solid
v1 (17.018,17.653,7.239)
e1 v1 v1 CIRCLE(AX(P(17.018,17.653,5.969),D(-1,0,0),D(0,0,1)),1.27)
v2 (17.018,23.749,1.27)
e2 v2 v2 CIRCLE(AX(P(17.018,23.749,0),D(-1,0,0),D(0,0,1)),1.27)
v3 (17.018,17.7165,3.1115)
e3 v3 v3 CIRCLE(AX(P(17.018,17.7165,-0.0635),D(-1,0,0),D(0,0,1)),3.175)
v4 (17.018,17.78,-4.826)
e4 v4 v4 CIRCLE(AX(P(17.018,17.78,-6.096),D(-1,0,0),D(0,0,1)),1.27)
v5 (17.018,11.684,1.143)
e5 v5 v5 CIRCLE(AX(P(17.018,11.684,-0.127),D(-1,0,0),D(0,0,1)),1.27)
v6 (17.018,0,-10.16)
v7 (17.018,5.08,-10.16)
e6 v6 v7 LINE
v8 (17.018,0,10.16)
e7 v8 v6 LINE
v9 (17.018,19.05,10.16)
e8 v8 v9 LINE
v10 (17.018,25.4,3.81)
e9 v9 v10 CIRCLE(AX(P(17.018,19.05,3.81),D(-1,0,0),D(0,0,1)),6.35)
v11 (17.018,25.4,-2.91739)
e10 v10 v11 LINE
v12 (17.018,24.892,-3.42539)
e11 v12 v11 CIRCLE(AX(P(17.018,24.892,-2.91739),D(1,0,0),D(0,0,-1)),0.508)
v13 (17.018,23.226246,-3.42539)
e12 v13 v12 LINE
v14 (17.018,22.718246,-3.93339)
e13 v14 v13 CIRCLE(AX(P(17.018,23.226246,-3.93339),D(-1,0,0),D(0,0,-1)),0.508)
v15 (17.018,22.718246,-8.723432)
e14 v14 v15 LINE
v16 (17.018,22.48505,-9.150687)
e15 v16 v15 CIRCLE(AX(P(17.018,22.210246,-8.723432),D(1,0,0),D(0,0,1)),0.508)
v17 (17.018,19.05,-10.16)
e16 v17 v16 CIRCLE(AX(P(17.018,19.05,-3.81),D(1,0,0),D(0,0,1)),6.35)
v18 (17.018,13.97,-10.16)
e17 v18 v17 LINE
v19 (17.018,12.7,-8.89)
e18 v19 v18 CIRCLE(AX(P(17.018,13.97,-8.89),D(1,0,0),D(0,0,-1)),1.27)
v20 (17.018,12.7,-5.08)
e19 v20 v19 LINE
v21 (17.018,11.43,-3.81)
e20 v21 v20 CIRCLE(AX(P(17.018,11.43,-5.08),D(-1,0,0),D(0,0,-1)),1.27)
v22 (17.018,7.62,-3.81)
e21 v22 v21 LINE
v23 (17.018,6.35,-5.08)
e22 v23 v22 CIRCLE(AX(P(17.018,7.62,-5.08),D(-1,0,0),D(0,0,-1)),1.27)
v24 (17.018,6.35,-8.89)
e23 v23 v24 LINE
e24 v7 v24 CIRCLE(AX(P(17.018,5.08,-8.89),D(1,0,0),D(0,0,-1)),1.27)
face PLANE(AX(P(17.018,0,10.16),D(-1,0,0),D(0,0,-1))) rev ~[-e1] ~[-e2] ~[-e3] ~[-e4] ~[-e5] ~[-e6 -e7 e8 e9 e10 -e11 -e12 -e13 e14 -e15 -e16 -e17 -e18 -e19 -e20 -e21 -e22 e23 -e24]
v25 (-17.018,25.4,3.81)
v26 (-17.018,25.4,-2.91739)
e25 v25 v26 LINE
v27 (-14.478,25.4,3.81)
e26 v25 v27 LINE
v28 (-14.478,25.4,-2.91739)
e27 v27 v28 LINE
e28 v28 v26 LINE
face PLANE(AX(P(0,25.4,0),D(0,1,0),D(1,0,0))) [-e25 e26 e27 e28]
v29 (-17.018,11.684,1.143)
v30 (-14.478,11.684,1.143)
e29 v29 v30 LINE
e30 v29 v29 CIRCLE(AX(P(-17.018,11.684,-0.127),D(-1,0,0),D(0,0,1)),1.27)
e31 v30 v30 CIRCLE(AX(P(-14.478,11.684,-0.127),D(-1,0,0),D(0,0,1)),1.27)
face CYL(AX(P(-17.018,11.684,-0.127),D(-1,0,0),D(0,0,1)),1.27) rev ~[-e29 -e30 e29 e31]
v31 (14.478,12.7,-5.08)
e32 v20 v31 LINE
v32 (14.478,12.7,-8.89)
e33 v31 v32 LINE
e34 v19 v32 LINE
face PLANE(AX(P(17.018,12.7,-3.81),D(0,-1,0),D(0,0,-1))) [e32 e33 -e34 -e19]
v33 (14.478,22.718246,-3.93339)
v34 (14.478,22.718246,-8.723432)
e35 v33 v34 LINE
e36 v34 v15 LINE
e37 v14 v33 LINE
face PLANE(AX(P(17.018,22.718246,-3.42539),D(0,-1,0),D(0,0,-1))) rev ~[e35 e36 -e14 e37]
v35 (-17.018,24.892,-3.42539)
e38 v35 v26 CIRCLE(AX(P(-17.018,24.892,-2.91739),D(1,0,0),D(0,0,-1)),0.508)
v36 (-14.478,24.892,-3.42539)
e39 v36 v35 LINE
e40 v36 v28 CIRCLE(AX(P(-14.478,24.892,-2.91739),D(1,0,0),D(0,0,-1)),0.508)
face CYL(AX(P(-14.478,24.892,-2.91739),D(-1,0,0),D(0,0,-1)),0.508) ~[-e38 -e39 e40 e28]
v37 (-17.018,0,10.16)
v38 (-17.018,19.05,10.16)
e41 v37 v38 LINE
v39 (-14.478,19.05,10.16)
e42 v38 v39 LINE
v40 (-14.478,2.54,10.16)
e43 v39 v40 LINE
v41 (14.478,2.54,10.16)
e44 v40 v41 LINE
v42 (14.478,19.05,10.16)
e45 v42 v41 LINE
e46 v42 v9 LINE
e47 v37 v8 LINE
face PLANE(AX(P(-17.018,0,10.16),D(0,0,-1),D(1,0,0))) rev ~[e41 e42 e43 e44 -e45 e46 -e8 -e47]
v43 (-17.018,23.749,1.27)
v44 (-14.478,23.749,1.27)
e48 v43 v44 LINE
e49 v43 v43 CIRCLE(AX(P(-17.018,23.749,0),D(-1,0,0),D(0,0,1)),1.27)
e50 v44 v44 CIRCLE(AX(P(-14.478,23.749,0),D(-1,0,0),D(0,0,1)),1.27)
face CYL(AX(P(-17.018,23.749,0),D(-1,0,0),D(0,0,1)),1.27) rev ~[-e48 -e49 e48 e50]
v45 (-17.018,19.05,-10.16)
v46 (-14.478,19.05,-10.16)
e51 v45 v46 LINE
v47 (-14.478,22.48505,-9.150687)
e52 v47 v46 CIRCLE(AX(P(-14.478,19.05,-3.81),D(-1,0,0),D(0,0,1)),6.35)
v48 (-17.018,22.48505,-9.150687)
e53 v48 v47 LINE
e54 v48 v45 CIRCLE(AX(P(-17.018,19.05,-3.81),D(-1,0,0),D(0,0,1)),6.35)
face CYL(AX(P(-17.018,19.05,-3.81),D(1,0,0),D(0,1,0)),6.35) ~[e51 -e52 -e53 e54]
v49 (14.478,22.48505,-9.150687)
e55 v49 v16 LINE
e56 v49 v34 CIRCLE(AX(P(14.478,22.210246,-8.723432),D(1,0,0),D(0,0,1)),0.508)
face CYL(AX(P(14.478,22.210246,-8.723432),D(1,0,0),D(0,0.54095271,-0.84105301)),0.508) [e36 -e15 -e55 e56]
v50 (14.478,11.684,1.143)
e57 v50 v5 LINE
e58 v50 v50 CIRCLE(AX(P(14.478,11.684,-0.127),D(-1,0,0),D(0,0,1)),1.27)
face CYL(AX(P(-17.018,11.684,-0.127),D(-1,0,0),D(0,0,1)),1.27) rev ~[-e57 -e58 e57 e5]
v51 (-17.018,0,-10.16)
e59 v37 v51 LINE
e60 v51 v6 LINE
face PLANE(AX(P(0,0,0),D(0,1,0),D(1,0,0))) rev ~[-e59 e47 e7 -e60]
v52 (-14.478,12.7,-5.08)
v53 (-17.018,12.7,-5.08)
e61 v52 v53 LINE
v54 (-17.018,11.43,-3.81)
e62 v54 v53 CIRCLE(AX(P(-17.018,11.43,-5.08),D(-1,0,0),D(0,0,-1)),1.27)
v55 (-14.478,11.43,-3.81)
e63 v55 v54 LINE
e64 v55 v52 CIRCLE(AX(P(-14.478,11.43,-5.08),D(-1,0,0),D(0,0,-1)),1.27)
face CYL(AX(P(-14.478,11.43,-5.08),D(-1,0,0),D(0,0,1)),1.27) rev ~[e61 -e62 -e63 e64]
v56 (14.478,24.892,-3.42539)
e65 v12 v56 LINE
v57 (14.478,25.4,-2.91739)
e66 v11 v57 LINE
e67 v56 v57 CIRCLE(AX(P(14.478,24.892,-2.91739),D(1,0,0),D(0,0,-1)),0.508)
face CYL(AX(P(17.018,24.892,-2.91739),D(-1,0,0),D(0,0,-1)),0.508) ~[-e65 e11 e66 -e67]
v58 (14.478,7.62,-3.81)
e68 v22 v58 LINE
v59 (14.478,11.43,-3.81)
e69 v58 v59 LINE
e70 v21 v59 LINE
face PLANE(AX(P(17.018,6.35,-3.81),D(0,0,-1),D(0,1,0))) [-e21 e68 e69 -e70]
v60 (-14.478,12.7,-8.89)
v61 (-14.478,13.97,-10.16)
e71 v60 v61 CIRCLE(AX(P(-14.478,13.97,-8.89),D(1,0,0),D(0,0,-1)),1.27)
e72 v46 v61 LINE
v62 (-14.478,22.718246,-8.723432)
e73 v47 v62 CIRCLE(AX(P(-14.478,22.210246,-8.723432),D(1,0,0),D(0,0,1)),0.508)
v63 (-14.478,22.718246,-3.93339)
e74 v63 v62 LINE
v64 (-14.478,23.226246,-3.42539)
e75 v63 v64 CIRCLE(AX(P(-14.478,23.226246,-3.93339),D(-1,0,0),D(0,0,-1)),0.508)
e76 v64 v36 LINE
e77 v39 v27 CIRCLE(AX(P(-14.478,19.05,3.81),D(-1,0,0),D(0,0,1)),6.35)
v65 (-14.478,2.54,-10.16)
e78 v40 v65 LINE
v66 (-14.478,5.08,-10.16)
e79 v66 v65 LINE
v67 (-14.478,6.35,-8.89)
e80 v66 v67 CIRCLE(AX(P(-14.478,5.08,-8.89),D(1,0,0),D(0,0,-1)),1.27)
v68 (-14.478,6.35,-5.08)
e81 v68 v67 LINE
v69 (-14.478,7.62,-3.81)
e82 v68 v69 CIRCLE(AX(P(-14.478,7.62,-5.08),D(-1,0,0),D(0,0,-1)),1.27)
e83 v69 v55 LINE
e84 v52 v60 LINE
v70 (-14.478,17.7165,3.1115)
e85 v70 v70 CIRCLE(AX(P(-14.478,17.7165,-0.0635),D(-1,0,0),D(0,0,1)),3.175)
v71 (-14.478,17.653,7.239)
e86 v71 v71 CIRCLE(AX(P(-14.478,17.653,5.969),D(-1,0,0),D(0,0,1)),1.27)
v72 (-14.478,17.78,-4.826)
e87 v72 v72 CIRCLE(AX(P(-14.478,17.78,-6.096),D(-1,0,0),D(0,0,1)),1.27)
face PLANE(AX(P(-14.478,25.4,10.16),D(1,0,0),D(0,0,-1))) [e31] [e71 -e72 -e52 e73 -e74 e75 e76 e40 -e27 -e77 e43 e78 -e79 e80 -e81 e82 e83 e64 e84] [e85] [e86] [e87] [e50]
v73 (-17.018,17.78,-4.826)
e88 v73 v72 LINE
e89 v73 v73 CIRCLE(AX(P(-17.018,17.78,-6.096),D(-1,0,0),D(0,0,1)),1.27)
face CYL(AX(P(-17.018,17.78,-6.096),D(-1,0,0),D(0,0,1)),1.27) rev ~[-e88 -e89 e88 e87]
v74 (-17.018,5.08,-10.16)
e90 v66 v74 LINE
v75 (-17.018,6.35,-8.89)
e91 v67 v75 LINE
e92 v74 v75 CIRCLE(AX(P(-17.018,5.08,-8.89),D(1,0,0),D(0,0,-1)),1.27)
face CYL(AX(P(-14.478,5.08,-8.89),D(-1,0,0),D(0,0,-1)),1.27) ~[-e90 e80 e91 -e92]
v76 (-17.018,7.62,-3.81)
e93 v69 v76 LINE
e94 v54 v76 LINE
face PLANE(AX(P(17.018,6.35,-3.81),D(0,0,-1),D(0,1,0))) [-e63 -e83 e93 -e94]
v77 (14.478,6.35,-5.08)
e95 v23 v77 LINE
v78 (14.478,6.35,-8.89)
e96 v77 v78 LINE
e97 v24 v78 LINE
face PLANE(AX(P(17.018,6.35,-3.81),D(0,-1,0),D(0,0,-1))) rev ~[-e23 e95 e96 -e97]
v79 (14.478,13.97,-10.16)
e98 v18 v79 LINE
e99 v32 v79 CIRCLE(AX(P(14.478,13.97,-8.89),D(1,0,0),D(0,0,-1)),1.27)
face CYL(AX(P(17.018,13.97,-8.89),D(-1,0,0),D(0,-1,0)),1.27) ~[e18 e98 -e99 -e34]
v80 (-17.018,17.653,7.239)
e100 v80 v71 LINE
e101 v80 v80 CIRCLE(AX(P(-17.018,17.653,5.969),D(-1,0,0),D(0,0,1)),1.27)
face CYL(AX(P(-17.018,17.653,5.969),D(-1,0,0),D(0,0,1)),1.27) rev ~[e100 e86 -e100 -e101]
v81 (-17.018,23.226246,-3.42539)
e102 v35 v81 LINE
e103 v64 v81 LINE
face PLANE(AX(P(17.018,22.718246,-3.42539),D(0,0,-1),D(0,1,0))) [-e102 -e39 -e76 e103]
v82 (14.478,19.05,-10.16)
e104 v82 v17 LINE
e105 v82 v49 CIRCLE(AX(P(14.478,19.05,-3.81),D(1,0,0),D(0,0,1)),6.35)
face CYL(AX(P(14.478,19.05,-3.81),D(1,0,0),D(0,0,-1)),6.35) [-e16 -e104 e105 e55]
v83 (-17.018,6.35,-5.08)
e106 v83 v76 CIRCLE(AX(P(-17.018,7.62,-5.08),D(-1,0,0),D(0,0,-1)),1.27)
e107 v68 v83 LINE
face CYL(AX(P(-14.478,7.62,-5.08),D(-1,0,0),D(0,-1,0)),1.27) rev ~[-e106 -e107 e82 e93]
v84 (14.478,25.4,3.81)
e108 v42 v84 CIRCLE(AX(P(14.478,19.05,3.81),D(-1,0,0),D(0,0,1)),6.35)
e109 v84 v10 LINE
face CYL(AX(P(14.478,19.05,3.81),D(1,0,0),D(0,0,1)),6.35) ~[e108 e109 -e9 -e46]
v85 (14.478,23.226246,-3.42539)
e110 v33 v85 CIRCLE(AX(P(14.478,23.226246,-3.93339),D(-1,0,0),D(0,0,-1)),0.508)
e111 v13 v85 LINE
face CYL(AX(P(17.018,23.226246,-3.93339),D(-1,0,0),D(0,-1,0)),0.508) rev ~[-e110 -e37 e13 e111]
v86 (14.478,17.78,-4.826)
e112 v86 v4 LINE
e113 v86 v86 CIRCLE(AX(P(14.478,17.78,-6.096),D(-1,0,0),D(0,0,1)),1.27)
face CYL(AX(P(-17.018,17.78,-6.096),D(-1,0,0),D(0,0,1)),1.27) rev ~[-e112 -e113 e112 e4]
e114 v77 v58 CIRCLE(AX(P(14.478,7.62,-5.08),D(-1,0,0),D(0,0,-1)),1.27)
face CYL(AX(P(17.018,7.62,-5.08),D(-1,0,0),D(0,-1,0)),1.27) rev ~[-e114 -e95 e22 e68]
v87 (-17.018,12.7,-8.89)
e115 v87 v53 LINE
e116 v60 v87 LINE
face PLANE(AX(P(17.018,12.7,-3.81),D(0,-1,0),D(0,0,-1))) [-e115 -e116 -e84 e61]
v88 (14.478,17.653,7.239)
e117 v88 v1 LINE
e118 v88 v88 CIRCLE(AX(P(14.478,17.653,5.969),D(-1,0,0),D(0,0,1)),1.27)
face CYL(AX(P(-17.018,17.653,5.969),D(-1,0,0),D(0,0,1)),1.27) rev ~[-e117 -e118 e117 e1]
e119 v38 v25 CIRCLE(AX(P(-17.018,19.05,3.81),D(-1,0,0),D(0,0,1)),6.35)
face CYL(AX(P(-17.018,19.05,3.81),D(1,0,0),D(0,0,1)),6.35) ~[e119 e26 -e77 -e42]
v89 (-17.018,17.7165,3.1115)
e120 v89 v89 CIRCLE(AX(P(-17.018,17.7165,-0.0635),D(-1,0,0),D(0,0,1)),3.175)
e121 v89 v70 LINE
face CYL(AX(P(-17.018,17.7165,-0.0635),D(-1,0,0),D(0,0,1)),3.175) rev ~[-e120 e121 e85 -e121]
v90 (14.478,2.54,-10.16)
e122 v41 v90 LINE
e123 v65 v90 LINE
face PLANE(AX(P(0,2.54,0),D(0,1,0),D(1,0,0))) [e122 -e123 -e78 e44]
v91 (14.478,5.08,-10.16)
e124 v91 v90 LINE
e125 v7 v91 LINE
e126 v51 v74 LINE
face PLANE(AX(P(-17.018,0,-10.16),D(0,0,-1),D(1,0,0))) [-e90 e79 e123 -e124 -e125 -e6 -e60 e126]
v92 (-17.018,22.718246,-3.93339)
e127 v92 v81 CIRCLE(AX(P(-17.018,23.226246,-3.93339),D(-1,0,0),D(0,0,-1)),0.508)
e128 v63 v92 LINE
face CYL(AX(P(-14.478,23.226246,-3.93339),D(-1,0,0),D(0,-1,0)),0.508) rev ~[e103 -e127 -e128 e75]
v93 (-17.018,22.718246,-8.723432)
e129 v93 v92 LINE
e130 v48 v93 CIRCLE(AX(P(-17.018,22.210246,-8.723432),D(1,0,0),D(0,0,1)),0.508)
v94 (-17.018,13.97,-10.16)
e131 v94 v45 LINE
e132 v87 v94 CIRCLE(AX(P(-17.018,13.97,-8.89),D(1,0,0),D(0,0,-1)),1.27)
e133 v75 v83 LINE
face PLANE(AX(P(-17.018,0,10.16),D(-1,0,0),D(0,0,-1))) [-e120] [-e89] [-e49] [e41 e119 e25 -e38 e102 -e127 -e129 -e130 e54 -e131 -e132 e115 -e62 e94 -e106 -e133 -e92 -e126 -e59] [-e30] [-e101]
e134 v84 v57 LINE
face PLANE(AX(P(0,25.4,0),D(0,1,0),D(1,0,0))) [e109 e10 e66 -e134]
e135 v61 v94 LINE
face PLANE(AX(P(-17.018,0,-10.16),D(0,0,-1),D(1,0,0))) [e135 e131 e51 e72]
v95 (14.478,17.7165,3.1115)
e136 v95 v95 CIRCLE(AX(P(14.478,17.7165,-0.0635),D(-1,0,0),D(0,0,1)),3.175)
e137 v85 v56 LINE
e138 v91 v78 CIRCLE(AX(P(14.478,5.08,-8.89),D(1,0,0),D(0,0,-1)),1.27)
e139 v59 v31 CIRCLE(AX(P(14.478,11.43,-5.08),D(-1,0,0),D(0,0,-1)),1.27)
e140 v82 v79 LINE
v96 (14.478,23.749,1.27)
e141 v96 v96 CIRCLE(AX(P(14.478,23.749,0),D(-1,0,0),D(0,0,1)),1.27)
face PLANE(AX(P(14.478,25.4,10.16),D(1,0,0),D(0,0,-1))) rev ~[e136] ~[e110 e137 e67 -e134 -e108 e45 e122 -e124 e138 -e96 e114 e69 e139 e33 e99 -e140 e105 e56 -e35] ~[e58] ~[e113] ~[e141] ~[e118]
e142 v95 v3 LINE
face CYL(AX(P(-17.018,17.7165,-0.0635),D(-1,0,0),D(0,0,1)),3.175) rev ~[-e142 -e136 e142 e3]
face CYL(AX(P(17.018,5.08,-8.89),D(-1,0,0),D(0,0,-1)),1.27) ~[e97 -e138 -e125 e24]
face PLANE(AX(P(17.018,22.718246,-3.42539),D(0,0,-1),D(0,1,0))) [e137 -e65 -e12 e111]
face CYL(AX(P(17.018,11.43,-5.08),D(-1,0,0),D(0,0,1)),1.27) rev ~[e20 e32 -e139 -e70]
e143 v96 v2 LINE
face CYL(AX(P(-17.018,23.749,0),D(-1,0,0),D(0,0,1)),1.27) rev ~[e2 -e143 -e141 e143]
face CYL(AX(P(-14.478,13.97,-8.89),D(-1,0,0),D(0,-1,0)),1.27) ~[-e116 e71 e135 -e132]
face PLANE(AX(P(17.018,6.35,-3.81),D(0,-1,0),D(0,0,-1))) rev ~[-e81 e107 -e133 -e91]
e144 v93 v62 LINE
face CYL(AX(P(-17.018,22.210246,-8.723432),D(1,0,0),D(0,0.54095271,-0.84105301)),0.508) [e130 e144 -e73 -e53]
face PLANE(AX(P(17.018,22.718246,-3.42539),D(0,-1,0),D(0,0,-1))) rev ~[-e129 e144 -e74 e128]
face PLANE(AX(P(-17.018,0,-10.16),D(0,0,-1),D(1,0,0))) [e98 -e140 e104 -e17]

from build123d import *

# Parameters (mm, degrees)
SKETCH1_W           = 34.036
SKETCH1_H           = 20.32
BOSS_EXTRUDE1_DEPTH = 25.4
SKETCH2_W           = 28.956
SKETCH2_H           = 20.32
CUT_EXTRUDE1_DEPTH  = 22.86
SKETCH3_R           = 1.27
SKETCH3_R_2         = 3.175
CUT_EXTRUDE2_DEPTH  = 44.667320687
FILLET2_R           = 6.35
SKETCH8_W           = 6.35
SKETCH8_H           = 6.35
CUT_EXTRUDE5_DEPTH  = 44.667320687
FILLET4_R           = 1.27
SKETCH10_W          = 10.777132928
SKETCH10_H          = 6.217576688
CUT_EXTRUDE6_DEPTH  = 44.667320687
FILLET6_R           = 0.508


with BuildPart() as part:
    # Sketch1 → Boss-Extrude1 (new body)
    with BuildSketch(Plane(origin=(0, 0, 0), x_dir=(1, 0, 0), z_dir=(0, 1, 0))):
        Rectangle(SKETCH1_W, SKETCH1_H)
    extrude(amount=BOSS_EXTRUDE1_DEPTH)

    # Sketch2 → Cut-Extrude1 (cut)
    with BuildSketch(Plane(origin=(0, 25.4, 0), x_dir=(1, 0, 0), z_dir=(0, 1, 0))):
        Rectangle(SKETCH2_W, SKETCH2_H)
    extrude(amount=-CUT_EXTRUDE1_DEPTH, mode=Mode.SUBTRACT)

    # Sketch3 → Cut-Extrude2 (cut, through all)
    with BuildSketch(Plane.ZY.offset(17.018)):
        with Locations((0, 23.749)):
            Circle(SKETCH3_R)
        with Locations((-6.096, 17.78)):
            Circle(SKETCH3_R)
        with Locations((-0.127, 11.684)):
            Circle(SKETCH3_R)
        with Locations((5.969, 17.653)):
            Circle(SKETCH3_R)
        with Locations((-0.0635, 17.7165)):
            Circle(SKETCH3_R_2)
    extrude(amount=-CUT_EXTRUDE2_DEPTH, mode=Mode.SUBTRACT)

    # Fillet2
    fillet2_edges = [part.edges().sort_by_distance(p)[0] for p in [
        (-15.748, 25.4, -10.16),
        (15.748, 25.4, 10.16),
        (-15.748, 25.4, 10.16),
        (15.748, 25.4, -10.16),
    ]]
    fillet(fillet2_edges, radius=FILLET2_R)

    # Sketch8 → Cut-Extrude5 (cut, through all)
    with BuildSketch(Plane(origin=(17.018, 0, 0), x_dir=(0, 0, -1), z_dir=(1, 0, 0))):
        with Locations((6.985, 9.525)):
            Rectangle(SKETCH8_W, SKETCH8_H)
    extrude(amount=-CUT_EXTRUDE5_DEPTH, mode=Mode.SUBTRACT)

    # Fillet4
    fillet4_edges = [part.edges().sort_by_distance(p)[0] for p in [
        (15.748, 12.7, -10.16),
        (-15.748, 12.7, -10.16),
        (15.748, 6.35, -10.16),
        (-15.748, 6.35, -10.16),
        (15.748, 6.35, -3.81),
        (-15.748, 6.35, -3.81),
        (15.748, 12.7, -3.81),
        (-15.748, 12.7, -3.81),
    ]]
    fillet(fillet4_edges, radius=FILLET4_R)

    # Sketch10 → Cut-Extrude6 (cut, through all)
    with BuildSketch(Plane(origin=(17.018, 0, 0), x_dir=(0, 0, -1), z_dir=(1, 0, 0))):
        with Locations((8.813956002, 25.827034075)):
            Rectangle(SKETCH10_W, SKETCH10_H)
    extrude(amount=-CUT_EXTRUDE6_DEPTH, mode=Mode.SUBTRACT)

    # Fillet6
    fillet6_edges = [part.edges().sort_by_distance(p)[0] for p in [
        (-15.748, 22.718245731, -8.993287881),
        (15.748, 25.4, -3.425389538),
        (15.748, 22.718245731, -3.425389538),
        (-15.748, 25.4, -3.425389538),
        (-15.748, 22.718245731, -3.425389538),
        (15.748, 22.718245731, -8.993287881),
    ]]
    fillet(fillet6_edges, radius=FILLET6_R)


solid = part.part
